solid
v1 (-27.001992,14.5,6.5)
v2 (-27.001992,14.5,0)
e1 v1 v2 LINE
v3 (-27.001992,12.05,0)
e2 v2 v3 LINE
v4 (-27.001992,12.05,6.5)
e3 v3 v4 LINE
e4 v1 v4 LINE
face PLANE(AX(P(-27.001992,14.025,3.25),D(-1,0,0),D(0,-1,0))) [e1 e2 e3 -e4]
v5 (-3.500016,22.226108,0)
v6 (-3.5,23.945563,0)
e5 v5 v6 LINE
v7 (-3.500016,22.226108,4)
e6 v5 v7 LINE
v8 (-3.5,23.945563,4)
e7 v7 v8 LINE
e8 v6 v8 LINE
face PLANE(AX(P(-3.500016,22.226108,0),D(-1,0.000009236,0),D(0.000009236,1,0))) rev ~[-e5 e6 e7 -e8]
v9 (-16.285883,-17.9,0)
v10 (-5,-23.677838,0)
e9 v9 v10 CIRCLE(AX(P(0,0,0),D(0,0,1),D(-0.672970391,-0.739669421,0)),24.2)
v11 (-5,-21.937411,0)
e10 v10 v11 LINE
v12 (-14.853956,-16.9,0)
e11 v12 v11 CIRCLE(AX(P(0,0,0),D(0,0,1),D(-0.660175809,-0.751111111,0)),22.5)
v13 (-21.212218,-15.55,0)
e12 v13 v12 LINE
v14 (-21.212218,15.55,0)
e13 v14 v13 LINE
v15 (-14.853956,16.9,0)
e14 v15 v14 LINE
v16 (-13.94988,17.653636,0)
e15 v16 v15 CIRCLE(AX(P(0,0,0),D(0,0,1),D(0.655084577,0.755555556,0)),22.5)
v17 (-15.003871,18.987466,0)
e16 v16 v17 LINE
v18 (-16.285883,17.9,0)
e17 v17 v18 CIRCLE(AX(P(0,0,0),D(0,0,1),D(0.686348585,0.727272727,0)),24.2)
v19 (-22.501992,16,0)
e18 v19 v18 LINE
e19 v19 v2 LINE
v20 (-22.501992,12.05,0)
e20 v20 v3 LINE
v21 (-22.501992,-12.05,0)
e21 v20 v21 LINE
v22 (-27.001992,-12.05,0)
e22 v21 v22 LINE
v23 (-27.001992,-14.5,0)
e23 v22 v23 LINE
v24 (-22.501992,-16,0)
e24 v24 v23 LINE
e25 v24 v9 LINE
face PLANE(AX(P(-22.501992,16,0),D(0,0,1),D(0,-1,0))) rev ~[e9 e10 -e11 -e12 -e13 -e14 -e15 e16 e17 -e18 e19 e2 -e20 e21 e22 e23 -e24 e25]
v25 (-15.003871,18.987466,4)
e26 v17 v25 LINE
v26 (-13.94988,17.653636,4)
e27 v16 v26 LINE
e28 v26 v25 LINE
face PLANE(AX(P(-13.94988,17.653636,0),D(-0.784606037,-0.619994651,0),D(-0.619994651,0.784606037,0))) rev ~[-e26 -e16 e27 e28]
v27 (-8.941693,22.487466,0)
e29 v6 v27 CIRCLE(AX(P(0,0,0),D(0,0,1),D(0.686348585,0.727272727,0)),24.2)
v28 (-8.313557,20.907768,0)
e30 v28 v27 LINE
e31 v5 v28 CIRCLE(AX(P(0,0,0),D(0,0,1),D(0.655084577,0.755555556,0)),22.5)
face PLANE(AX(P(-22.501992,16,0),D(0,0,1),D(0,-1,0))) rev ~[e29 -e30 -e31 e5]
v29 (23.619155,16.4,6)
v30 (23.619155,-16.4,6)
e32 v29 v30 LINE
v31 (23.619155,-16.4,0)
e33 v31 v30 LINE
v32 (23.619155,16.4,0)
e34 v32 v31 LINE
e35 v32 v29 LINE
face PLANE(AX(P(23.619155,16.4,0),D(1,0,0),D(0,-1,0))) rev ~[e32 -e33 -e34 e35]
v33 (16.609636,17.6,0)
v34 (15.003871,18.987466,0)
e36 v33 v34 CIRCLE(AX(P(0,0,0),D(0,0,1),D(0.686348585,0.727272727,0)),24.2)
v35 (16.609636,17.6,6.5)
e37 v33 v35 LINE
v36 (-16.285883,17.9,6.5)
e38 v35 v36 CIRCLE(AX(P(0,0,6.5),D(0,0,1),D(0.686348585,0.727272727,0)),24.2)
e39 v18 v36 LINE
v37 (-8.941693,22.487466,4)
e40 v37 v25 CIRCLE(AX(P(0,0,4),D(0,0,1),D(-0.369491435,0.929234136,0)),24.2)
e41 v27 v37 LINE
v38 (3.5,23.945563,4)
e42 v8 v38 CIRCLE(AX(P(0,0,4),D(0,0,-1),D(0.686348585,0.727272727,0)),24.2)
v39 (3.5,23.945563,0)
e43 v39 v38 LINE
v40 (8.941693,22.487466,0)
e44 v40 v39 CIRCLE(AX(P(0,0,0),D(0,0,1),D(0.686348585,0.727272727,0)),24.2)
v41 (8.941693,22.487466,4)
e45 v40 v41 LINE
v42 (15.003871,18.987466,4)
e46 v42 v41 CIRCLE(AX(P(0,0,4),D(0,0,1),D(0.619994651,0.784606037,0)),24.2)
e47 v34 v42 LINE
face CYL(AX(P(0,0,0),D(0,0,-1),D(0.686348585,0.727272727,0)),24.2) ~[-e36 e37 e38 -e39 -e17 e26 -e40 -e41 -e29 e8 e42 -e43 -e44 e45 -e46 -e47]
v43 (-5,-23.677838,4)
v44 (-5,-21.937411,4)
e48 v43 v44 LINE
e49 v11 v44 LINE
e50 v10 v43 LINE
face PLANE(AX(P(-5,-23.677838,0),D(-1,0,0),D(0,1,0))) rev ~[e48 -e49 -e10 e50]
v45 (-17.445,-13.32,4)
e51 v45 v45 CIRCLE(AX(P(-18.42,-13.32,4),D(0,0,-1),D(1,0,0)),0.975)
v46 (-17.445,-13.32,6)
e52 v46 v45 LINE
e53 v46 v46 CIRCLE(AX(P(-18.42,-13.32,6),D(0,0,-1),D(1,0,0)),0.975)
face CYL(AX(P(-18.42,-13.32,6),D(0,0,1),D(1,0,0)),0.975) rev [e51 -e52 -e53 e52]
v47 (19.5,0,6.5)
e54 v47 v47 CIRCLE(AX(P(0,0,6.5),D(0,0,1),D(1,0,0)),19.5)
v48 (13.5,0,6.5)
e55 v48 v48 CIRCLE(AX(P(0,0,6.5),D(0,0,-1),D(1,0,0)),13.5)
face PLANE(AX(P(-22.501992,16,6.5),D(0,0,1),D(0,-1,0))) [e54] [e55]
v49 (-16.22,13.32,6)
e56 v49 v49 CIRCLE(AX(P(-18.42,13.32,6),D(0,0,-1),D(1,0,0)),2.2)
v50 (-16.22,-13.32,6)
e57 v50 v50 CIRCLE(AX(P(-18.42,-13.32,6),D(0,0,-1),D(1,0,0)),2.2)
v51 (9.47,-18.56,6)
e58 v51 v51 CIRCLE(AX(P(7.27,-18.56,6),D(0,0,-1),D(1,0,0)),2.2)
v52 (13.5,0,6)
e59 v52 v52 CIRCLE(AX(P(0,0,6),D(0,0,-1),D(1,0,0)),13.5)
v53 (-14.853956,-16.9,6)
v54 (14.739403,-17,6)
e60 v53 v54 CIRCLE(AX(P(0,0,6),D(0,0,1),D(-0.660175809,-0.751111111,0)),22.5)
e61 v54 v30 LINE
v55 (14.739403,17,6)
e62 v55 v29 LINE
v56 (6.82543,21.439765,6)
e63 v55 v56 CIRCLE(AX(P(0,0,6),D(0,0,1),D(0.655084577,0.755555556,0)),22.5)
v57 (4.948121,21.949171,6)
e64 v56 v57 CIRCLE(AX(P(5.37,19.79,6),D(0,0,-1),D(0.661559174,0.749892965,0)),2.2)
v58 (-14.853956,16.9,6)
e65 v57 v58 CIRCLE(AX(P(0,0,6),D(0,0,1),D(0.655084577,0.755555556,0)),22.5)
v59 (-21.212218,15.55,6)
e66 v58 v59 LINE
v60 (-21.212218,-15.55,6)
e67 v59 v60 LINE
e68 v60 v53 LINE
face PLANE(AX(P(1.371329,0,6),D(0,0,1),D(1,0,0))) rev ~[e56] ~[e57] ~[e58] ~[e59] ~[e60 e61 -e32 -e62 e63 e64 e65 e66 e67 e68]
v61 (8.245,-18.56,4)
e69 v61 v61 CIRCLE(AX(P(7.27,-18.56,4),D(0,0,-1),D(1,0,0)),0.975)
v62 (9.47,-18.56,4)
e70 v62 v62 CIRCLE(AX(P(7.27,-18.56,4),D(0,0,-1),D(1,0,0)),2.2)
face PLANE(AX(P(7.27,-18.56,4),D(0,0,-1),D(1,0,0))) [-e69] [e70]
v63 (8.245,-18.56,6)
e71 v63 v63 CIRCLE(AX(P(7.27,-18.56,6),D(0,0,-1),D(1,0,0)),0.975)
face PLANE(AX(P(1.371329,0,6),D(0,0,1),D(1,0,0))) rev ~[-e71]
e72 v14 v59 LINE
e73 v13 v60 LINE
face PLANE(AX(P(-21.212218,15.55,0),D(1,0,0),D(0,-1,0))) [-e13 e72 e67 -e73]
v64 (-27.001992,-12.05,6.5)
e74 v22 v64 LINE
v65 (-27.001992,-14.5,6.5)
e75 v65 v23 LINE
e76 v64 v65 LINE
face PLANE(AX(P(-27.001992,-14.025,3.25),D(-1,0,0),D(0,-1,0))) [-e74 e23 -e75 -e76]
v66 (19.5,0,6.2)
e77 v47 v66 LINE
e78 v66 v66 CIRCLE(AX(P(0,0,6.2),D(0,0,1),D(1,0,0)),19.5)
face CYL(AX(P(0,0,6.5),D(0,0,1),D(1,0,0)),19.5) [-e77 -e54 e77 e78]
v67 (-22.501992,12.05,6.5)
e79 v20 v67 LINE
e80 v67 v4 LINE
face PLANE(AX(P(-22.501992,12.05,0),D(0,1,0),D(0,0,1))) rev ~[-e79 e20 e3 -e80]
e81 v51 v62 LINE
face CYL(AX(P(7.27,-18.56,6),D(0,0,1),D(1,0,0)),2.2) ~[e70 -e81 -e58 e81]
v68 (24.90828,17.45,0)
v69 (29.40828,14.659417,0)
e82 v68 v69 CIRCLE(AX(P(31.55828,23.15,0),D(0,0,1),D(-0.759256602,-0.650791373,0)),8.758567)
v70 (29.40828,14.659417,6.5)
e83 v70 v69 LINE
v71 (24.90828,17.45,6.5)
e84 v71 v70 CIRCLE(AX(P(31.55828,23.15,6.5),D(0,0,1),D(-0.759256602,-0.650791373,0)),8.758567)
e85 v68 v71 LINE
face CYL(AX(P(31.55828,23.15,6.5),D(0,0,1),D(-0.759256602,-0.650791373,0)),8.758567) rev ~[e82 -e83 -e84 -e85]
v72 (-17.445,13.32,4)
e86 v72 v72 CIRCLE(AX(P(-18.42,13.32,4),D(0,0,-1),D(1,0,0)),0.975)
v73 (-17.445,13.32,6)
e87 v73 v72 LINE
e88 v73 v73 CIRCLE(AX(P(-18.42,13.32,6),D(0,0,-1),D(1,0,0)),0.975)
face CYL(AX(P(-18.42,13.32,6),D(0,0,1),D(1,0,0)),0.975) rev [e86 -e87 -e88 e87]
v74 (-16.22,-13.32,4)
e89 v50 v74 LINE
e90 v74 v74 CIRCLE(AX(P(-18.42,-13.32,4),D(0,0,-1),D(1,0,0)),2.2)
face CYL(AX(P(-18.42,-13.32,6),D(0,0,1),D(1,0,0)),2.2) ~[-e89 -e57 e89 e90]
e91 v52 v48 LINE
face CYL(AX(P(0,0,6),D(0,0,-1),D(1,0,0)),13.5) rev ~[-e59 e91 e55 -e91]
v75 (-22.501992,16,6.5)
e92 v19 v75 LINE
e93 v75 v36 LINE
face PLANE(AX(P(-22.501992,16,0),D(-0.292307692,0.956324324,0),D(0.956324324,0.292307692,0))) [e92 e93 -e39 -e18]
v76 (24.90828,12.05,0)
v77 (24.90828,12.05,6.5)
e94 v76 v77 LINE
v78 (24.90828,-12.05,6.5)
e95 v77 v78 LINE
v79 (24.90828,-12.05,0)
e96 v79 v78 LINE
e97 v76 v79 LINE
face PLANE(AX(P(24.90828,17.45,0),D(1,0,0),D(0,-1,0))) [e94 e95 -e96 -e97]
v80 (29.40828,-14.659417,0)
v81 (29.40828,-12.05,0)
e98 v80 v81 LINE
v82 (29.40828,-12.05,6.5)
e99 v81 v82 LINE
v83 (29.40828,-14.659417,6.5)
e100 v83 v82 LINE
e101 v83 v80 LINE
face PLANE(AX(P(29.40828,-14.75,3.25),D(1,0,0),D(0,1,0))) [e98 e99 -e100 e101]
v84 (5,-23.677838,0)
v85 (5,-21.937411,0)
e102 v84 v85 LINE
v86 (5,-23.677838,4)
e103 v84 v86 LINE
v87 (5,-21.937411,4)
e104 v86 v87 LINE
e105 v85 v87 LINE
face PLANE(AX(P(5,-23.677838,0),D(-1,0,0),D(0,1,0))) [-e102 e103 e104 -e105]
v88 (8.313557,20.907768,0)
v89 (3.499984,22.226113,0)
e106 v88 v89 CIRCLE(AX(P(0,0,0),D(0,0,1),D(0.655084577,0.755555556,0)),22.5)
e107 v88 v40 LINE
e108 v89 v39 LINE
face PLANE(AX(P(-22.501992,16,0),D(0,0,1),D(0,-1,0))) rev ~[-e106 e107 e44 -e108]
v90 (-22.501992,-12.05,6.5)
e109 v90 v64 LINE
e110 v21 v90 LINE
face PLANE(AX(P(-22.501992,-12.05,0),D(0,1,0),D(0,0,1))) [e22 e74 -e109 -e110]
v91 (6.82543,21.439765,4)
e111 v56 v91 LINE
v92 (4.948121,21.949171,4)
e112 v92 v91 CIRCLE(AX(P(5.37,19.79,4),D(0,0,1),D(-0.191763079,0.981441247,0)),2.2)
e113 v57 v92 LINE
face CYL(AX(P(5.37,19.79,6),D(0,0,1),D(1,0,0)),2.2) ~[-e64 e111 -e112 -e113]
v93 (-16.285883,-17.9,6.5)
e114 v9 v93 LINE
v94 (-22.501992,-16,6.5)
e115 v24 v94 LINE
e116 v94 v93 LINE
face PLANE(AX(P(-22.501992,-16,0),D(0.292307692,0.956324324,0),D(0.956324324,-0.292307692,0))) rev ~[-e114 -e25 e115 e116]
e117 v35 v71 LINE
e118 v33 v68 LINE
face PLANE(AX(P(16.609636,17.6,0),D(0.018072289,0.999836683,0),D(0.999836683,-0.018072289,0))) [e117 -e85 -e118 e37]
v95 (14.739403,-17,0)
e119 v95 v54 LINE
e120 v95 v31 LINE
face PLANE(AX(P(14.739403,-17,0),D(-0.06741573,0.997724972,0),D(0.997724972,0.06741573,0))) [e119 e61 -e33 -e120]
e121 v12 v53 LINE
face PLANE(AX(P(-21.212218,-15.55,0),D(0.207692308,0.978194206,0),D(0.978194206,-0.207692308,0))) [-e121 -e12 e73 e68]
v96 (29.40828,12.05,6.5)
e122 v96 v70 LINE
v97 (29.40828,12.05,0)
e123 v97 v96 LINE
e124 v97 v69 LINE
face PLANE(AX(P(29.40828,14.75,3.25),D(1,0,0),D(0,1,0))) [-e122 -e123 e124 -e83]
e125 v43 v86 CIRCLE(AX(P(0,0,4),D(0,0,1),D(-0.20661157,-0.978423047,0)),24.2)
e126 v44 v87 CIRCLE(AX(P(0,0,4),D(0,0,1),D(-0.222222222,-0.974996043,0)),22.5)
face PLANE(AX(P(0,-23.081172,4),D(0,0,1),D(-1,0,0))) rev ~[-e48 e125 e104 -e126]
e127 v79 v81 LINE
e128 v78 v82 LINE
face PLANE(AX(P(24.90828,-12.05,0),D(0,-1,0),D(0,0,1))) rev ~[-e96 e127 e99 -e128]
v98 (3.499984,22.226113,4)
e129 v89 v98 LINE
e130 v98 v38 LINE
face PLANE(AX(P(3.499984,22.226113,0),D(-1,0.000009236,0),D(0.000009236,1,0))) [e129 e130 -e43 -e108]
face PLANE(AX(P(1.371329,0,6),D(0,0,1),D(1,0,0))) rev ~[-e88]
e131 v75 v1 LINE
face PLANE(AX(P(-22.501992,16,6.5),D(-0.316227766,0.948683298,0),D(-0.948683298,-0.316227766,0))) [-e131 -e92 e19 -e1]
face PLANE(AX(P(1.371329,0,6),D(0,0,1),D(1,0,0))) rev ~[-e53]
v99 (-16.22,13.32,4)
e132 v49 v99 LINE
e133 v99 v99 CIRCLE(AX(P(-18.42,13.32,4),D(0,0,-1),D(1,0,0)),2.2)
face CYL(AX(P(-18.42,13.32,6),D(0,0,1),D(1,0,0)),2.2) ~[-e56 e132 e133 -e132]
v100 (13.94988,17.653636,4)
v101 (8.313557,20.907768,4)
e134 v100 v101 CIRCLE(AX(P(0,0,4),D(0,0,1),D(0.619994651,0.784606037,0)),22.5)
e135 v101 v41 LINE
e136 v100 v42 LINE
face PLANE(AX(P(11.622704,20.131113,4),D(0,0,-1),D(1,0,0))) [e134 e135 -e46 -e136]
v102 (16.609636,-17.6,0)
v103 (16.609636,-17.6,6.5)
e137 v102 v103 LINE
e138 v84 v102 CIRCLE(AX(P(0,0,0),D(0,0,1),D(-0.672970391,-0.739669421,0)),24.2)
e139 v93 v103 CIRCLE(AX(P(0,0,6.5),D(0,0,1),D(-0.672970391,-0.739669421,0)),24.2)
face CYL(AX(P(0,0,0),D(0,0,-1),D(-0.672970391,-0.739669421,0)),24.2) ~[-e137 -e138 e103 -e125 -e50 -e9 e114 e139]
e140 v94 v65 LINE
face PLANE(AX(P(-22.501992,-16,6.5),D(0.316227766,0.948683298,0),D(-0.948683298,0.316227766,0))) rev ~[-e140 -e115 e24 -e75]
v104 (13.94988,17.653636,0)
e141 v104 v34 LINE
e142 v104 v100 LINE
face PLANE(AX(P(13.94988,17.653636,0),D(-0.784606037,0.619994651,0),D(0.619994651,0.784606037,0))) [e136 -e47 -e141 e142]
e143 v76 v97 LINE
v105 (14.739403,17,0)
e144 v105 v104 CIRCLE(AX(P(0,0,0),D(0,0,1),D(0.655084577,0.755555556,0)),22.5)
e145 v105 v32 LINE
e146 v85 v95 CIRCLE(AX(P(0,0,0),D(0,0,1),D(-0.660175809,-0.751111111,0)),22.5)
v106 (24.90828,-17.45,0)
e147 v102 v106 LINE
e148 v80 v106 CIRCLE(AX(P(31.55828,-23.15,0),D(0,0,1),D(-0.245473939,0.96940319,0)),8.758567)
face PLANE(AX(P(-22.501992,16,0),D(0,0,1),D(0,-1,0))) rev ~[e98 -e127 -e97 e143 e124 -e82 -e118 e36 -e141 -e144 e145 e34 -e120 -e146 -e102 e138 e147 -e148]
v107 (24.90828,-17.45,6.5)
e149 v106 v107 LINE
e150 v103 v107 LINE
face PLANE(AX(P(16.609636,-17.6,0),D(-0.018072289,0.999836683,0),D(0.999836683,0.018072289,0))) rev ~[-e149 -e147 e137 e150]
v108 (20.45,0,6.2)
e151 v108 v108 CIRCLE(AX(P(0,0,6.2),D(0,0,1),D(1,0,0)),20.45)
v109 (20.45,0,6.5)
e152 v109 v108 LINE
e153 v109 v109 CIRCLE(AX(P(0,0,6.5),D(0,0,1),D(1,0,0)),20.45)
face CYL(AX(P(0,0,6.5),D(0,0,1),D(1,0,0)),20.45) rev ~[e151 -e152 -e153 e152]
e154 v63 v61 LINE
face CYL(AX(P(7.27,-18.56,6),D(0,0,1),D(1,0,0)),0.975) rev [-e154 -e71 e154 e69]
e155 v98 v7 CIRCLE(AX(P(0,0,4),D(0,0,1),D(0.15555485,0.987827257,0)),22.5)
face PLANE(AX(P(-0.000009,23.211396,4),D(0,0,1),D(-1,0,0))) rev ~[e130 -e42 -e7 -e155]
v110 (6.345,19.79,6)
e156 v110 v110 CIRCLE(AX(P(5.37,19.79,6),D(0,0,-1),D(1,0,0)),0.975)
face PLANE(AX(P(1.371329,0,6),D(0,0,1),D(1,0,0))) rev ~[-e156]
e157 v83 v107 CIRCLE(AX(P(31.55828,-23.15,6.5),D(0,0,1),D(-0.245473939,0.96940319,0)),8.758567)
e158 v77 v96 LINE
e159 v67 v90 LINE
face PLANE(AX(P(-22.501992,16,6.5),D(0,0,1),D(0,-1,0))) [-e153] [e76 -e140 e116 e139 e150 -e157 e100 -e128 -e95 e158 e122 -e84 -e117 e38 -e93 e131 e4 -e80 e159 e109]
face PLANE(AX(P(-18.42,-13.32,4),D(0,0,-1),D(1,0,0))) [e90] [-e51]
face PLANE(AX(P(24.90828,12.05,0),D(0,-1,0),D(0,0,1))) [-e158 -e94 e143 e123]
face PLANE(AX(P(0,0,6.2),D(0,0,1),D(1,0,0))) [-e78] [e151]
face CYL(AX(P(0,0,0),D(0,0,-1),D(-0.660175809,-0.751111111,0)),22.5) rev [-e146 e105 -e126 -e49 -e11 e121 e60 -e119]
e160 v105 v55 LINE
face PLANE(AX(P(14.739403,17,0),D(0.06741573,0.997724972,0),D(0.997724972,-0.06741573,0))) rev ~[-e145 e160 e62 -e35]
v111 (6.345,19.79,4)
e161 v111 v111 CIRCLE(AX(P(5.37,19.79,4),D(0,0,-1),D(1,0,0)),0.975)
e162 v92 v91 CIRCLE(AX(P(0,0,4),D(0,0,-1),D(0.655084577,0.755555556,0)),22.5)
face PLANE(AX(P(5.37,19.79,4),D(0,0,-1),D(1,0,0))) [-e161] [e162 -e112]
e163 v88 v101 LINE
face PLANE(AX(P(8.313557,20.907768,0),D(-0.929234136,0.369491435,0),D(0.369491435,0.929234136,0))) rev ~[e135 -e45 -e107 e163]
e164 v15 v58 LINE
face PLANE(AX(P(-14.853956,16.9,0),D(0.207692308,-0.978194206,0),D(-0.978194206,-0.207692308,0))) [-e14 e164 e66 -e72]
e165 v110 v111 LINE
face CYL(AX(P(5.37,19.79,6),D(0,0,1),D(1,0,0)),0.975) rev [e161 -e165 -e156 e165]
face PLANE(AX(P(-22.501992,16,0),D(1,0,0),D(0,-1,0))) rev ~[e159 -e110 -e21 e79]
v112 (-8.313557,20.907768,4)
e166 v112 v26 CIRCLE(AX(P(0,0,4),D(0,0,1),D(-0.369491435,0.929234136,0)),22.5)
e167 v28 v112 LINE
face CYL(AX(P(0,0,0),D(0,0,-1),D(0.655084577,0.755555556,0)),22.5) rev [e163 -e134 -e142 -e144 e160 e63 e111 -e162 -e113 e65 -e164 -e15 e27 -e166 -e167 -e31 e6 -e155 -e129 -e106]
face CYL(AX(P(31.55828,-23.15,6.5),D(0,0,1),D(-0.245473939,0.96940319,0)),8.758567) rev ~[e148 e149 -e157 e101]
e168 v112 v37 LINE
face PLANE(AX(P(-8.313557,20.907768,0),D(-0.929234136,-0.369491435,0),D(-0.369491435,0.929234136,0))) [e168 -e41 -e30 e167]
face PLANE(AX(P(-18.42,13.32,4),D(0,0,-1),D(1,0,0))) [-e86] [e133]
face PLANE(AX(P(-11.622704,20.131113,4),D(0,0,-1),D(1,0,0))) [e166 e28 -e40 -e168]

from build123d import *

# Parameters (mm, degrees)
PAD_DEPTH       = 6.5
POCKET_DEPTH    = 6
SKETCH002_R     = 13.5
POCKET001_DEPTH = 1
SKETCH003_W     = 5.4
SKETCH003_H     = 6.5
PAD001_DEPTH    = 4.5
POCKET002_DEPTH = 10
SKETCH010_W     = 3.95
SKETCH010_H     = 6.5
PAD002_DEPTH    = 4.5
POCKET005_DEPTH = 10
SKETCH012_R     = 0.6
POCKET006_DEPTH = 2
SKETCH014_R     = 20.45
SKETCH014_R_2   = 19.5
POCKET008_DEPTH = 0.3
SKETCH015_R     = 2.2
SKETCH015_R_2   = 0.975
PAD003_DEPTH    = 2
POCKET009_DEPTH = 4
POCKET010_DEPTH = 4


with BuildPart() as part:
    # Sketch → Pad (new body)
    with BuildSketch(Plane.XY):
        with BuildLine():
            Line((-22.5019915649, 16), (-22.5019915649, -16))
            Line((-22.5019915649, -16), (-16.2858834577, -17.9000000001))
            ThreePointArc((-16.2858834577, -17.9000000001), (0.2206895737, -24.1989937004), (16.6096357576, -17.5999999999))
            Line((16.6096357576, -17.5999999999), (24.9082802252, -17.45))
            Line((24.9082802252, 17.45), (24.9082802252, -17.45))
            Line((16.6096357576, 17.6), (24.9082802252, 17.45))
            ThreePointArc((16.6096357576, 17.6), (0.2206895736, 24.1989937004), (-16.2858834578, 17.9))
            Line((-22.5019915649, 16), (-16.2858834578, 17.9))
        make_face()
    extrude(amount=PAD_DEPTH)

    # Sketch001 → Pocket (cut)
    with BuildSketch(Plane.XY):
        with BuildLine():
            Line((-14.8539557021, 16.9), (-21.2122180433, 15.55))
            Line((-21.2122180433, 15.55), (-21.2122180433, -15.55))
            Line((-21.2122180433, -15.55), (-14.8539557021, -16.9))
            ThreePointArc((-14.8539557021, -16.9), (-0.0760301383, -22.4998715423), (14.739402973, -17))
            Line((14.739402973, -17), (23.6191552218, -16.4))
            Line((23.6191552218, 16.4), (23.6191552218, -16.4))
            Line((14.739402973, 17), (23.6191552218, 16.4))
            ThreePointArc((14.739402973, 17), (-0.0760301383, 22.4998715423), (-14.8539557021, 16.9))
        make_face()
    extrude(amount=POCKET_DEPTH, mode=Mode.SUBTRACT)

    # Sketch002 (on Face19 of Pocket) → Pocket001 (cut)
    with BuildSketch(Plane(origin=(0, 0, 6), x_dir=(1, 0, 0), z_dir=(0, 0, -1))):
        Circle(SKETCH002_R)
    extrude(amount=-POCKET001_DEPTH, mode=Mode.SUBTRACT)

    # Sketch003 (on Face7 of Pad) → Pad001 (join)
    with BuildSketch(Plane.YZ.offset(24.9082802252)):
        with Locations((-14.75, 3.25)):
            Rectangle(SKETCH003_W, SKETCH003_H)
        with Locations((14.75, 3.25)):
            Rectangle(SKETCH003_W, SKETCH003_H)
    extrude(amount=PAD001_DEPTH)

    # Sketch006 (on Face22 of Pad001) → Pocket002 (cut)
    with BuildSketch(Plane.XY.offset(6.5)):
        with BuildLine():
            ThreePointArc((24.9082802252, 17.45), (26.9423471239, 15.7065020586), (29.4082802252, 14.6594169811))
            Line((29.4082802252, 17.45), (29.4082802252, 14.6594169811))
            Line((29.4082802252, 17.45), (24.9082802252, 17.45))
        make_face()
        with BuildLine():
            ThreePointArc((29.4082802252, -14.6594169811), (26.9423471239, -15.7065020586), (24.9082802252, -17.45))
            Line((29.4082802252, -17.45), (24.9082802252, -17.45))
            Line((29.4082802252, -14.6594169811), (29.4082802252, -17.45))
        make_face()
    extrude(amount=-POCKET002_DEPTH, mode=Mode.SUBTRACT)

    # Sketch010 (on Face3 of Pad) → Pad002 (join)
    with BuildSketch(Plane(origin=(-22.5019915649, 0, 0), x_dir=(0, -1, 0), z_dir=(-1, 0, 0))):
        with Locations((-14.025, 3.25)):
            Rectangle(SKETCH010_W, SKETCH010_H)
        with Locations((14.025, 3.25)):
            Rectangle(SKETCH010_W, SKETCH010_H)
    extrude(amount=PAD002_DEPTH)

    # Sketch011 (on Face28 of Pad002) → Pocket005 (cut)
    with BuildSketch(Plane.XY.offset(6.5)):
        Polygon((-27.0019915649, 16), (-22.5019915649, 16), (-27.0019915649, 14.5), align=None)
        Polygon((-22.5019915649, -16), (-27.0019915649, -14.5), (-27.0019915649, -16), align=None)
    extrude(amount=-POCKET005_DEPTH, mode=Mode.SUBTRACT)

    # Sketch012 (on Face23 of Pocket005) → Pocket006 (cut)
    with BuildSketch(Plane(origin=(23.6191552218, 0, 0), x_dir=(0, -1, 0), z_dir=(-1, 0, 0))):
        with Locations((12.9594169811, 8.2)):
            Circle(SKETCH012_R)
    extrude(amount=-POCKET006_DEPTH, mode=Mode.SUBTRACT)

    # Sketch014 (on Face10 of Pad) → Pocket008 (cut)
    with BuildSketch(Plane.XY.offset(6.5)):
        Circle(SKETCH014_R)
        Circle(SKETCH014_R_2, mode=Mode.SUBTRACT)
    extrude(amount=-POCKET008_DEPTH, mode=Mode.SUBTRACT)

    # Sketch015 (on Face19 of Pocket) → Pad003 (join)
    with BuildSketch(Plane(origin=(0, 0, 6), x_dir=(1, 0, 0), z_dir=(0, 0, -1))):
        with Locations((-18.42, 13.32)):
            Circle(SKETCH015_R)
        with Locations((-18.42, 13.32)):
            Circle(SKETCH015_R_2, mode=Mode.SUBTRACT)
        with Locations((7.27, 18.56)):
            Circle(SKETCH015_R)
        with Locations((7.27, 18.56)):
            Circle(SKETCH015_R_2, mode=Mode.SUBTRACT)
        with Locations((5.37, -19.79)):
            Circle(SKETCH015_R)
        with Locations((5.37, -19.79)):
            Circle(SKETCH015_R_2, mode=Mode.SUBTRACT)
        with Locations((-18.42, -13.32)):
            Circle(SKETCH015_R)
        with Locations((-18.42, -13.32)):
            Circle(SKETCH015_R_2, mode=Mode.SUBTRACT)
    extrude(amount=PAD003_DEPTH)

    # Sketch016 → Pocket009 (cut)
    with BuildSketch(Plane(origin=(0, 0, 0), x_dir=(-1, 0, 0), z_dir=(0, 0, 1))):
        with BuildLine():
            Line((-5, 23.6778377391), (-5, 21.9374109685))
            ThreePointArc((5, 21.9374109685), (0, 22.5), (-5, 21.9374109685))
            Line((5, 23.6778377391), (5, 21.9374109685))
            ThreePointArc((5, 23.6778377391), (0, 24.2), (-5, 23.6778377391))
        make_face()
    extrude(amount=POCKET009_DEPTH, mode=Mode.SUBTRACT)

    # Sketch017 → Pocket010 (cut)
    with BuildSketch(Plane(origin=(0, 0, 0), x_dir=(-1, 0, 0), z_dir=(0, 0, 1))):
        with BuildLine():
            Line((-3.499984119, -22.2261132717), (-3.5, -23.9455632634))
            ThreePointArc((-3.5, -23.9455632634), (0, -24.2000019575), (3.5, -23.9455632634))
            Line((3.5000158811, -22.2261082701), (3.5, -23.9455632634))
            ThreePointArc((-3.499984119, -22.2261132717), (1.60767e-05, -22.5), (3.5000158811, -22.2261082701))
        make_face()
        with BuildLine():
            ThreePointArc((-13.9498796389, -17.6536358312), (-11.25, -19.4855715851), (-8.3135572795, -20.9077680626))
            Line((-8.3135572795, -20.9077680626), (-8.9416927184, -22.487466094))
            ThreePointArc((-15.0038705449, -18.987466094), (-12.1, -20.9578147716), (-8.9416927184, -22.487466094))
            Line((-13.9498796389, -17.6536358312), (-15.0038705449, -18.987466094))
        make_face()
        with BuildLine():
            ThreePointArc((8.3135572795, -20.9077680626), (11.25, -19.4855715851), (13.9498796389, -17.6536358312))
            Line((13.9498796389, -17.6536358312), (15.0038705449, -18.987466094))
            ThreePointArc((8.9416927184, -22.487466094), (12.1, -20.9578147716), (15.0038705449, -18.987466094))
            Line((8.3135572795, -20.9077680626), (8.9416927184, -22.487466094))
        make_face()
    extrude(amount=POCKET010_DEPTH, mode=Mode.SUBTRACT)


solid = part.part
